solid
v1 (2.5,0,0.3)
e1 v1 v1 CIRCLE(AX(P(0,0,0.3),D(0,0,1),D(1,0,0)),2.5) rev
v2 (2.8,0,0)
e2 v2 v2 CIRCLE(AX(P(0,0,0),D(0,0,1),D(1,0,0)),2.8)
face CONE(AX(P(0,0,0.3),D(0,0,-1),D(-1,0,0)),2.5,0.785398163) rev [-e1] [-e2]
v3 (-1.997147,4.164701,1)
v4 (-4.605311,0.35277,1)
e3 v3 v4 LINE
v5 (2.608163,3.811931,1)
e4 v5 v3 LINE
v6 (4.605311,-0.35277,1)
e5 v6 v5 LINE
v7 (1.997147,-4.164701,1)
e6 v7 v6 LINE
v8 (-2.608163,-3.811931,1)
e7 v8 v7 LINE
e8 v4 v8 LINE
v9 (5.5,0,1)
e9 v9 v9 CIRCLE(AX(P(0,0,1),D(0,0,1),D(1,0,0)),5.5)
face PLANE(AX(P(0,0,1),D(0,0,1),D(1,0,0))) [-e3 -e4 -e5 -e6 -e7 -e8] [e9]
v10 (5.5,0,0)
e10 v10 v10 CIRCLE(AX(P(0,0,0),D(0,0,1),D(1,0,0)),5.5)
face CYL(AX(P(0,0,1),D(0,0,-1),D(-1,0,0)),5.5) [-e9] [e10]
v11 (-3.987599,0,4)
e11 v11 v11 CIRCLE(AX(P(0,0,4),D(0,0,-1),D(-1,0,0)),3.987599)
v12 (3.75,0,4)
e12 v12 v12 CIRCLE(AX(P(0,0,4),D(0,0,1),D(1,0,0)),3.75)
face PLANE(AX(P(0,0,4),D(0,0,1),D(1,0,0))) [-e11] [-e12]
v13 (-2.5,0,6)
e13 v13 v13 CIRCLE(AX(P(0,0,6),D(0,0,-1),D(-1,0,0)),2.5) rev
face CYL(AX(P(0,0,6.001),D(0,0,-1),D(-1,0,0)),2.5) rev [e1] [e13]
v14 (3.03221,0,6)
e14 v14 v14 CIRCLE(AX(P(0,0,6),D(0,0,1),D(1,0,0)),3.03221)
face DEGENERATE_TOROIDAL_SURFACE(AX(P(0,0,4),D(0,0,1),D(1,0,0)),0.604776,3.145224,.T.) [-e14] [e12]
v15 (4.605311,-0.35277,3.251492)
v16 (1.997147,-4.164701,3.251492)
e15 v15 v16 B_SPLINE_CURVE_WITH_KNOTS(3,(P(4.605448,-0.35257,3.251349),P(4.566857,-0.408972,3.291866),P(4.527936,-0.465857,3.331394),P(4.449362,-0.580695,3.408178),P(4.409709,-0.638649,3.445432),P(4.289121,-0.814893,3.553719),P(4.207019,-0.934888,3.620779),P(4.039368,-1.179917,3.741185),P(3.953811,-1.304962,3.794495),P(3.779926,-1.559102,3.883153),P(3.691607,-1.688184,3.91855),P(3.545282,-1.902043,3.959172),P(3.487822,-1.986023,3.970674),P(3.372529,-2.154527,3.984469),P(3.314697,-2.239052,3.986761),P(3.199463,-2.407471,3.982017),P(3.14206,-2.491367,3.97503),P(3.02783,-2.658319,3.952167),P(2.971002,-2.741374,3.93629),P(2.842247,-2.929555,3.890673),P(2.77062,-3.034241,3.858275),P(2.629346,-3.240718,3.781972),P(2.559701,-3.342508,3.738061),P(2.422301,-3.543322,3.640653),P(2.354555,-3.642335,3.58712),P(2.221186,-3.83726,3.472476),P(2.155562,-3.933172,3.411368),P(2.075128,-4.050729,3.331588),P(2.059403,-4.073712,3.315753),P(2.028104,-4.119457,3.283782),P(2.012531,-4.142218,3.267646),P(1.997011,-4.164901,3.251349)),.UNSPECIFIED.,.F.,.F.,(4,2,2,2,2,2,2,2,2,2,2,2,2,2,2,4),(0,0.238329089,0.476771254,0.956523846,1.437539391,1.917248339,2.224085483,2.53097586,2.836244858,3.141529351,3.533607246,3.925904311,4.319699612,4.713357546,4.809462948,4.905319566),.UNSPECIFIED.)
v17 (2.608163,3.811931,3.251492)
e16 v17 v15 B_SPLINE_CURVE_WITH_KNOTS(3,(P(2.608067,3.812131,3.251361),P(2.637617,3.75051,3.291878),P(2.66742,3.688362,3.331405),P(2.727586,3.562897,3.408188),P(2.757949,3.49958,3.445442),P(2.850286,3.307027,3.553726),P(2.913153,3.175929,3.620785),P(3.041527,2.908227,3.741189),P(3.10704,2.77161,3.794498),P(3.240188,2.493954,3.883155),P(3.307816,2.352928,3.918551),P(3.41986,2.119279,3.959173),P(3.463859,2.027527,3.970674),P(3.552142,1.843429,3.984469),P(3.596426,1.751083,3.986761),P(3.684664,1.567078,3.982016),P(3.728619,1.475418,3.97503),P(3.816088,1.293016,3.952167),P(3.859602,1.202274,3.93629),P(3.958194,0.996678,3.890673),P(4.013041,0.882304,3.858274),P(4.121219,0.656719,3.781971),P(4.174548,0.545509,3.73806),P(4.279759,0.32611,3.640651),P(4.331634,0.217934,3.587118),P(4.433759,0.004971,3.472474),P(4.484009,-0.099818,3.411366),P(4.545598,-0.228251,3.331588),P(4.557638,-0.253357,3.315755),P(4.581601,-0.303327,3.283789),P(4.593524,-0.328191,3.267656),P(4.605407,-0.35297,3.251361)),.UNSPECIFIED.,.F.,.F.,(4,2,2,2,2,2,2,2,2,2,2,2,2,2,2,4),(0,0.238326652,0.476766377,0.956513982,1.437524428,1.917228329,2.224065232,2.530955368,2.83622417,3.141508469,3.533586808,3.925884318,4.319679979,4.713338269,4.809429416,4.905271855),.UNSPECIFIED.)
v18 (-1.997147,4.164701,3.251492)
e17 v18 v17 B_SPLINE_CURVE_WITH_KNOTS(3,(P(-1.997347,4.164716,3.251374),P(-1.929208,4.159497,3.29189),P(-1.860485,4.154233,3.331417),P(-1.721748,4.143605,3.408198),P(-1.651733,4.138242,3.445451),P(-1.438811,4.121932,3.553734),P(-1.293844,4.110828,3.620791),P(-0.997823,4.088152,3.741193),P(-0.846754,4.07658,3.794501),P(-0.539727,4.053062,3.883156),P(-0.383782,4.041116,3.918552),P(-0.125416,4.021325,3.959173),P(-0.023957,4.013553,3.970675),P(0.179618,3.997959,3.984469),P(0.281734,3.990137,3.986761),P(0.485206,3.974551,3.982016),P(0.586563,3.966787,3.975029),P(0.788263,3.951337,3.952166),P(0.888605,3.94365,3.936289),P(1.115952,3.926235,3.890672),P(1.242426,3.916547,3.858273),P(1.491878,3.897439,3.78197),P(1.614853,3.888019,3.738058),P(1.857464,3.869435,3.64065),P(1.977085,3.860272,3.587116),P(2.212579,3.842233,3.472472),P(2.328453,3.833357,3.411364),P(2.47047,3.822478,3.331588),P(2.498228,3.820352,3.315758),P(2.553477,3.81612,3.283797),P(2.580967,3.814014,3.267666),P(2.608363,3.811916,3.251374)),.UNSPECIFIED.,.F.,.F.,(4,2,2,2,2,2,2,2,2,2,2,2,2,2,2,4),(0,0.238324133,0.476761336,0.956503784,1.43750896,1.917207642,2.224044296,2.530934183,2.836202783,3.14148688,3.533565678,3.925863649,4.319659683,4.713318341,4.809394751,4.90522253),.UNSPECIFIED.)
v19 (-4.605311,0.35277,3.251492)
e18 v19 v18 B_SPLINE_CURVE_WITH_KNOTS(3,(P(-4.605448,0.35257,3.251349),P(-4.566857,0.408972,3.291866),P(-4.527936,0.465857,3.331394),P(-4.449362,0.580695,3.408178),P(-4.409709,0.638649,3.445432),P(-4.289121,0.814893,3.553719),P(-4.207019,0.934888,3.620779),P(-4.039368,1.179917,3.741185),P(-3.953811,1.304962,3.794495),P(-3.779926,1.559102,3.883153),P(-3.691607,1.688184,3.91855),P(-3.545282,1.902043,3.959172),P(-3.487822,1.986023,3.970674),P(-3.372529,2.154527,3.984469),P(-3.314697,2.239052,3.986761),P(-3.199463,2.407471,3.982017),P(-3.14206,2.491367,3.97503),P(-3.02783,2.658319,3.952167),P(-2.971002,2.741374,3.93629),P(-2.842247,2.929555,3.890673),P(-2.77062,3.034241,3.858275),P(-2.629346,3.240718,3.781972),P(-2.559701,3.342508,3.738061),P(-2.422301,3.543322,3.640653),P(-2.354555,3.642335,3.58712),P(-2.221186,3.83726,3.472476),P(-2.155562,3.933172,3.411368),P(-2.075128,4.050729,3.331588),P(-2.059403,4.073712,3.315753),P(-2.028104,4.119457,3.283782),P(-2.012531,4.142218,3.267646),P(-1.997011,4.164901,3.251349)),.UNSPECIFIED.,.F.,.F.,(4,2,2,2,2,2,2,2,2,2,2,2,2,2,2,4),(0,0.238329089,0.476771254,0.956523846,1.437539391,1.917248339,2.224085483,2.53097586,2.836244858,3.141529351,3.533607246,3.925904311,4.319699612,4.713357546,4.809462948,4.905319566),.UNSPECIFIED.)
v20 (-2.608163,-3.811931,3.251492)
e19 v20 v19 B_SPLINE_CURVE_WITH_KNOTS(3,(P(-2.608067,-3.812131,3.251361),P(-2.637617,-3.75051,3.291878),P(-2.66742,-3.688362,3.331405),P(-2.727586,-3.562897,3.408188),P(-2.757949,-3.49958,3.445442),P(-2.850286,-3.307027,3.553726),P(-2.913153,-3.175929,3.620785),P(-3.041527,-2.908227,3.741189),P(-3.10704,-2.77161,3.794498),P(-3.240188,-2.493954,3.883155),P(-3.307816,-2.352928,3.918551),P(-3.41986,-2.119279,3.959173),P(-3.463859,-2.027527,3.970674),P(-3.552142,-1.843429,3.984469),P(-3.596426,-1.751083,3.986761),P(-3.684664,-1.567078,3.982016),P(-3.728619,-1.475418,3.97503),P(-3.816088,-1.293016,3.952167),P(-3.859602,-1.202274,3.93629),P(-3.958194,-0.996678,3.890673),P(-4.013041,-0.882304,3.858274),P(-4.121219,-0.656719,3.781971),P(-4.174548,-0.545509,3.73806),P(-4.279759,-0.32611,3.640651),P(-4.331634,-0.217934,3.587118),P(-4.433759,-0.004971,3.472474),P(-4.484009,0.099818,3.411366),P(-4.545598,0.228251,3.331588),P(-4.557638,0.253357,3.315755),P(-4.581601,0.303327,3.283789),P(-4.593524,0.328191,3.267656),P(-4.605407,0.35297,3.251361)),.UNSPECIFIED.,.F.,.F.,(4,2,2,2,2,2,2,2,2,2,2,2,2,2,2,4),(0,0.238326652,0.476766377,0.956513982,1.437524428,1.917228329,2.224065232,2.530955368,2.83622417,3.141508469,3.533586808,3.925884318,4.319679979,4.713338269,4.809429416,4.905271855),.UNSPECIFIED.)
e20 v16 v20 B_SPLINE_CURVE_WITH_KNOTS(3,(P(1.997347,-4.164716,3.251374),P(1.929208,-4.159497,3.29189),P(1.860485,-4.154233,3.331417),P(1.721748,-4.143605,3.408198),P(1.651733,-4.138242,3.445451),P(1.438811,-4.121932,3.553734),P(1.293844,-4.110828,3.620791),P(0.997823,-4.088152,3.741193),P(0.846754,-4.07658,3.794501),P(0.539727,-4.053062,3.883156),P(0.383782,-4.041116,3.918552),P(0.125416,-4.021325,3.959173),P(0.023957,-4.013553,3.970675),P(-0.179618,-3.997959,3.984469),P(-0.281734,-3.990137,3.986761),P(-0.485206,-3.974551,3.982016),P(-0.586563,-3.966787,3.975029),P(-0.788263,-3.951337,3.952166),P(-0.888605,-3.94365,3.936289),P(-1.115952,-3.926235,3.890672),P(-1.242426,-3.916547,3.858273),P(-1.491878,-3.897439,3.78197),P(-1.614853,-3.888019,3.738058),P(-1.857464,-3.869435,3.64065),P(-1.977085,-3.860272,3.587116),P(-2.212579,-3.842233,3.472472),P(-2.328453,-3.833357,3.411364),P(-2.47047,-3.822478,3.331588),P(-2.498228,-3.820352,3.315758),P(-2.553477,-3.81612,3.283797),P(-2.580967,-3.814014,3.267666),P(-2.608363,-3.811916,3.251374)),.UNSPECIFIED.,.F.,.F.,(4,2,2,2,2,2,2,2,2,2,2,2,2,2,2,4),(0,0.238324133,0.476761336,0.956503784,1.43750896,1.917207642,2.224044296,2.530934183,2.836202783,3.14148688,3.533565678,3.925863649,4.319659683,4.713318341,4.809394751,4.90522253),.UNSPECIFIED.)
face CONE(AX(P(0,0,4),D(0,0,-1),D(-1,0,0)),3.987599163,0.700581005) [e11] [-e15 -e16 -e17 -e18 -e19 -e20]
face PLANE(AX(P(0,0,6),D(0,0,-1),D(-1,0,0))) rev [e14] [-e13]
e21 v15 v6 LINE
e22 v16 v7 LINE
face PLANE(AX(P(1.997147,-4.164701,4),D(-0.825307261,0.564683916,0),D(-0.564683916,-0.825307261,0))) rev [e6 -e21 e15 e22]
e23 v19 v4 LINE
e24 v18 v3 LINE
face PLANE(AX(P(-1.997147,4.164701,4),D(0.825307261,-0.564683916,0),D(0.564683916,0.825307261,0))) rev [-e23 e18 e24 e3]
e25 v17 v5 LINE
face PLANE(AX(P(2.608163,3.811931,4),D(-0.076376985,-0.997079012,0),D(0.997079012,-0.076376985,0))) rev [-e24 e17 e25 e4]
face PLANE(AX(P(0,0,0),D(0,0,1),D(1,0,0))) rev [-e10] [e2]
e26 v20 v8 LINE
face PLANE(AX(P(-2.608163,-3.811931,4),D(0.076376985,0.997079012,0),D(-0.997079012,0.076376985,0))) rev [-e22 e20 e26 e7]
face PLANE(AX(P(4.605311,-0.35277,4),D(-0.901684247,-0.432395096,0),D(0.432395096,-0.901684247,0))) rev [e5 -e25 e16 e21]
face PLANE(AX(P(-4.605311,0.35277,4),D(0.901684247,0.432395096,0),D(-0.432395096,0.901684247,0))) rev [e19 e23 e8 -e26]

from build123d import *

# Parameters (mm, degrees)
SKETCH_1_R          = 5.5
EXTRUDE_1_DEPTH     = 1
EXTRUDE_2_DEPTH     = 3
CUT_EXTRUDE_2_REACH = 8
SKETCH_9_R          = 2.5
CHAMFER_1_SIZE      = 0.3


with BuildPart() as part:
    # Эскиз1 → Бобышка-Вытянуть1 (new body)
    with BuildSketch(Plane.XY):
        Circle(SKETCH_1_R)
    extrude(amount=EXTRUDE_1_DEPTH)

    # Эскиз3 → Бобышка-Вытянуть2 (add)
    with BuildSketch(Plane.XY.offset(1)):
        Polygon((2.608163285, 3.811930956), (-1.997147402, 4.16470114), (-4.605310688, 0.352770185), (-2.608163285, -3.811930956), (1.997147402, -4.16470114), (4.605310688, -0.352770185), align=None)
    extrude(amount=EXTRUDE_2_DEPTH)

    # Эскиз5 → Вырез-Повернуть3 (revolve, cut)
    with BuildSketch(Plane(origin=(0, 0, 0), x_dir=(-0.997079012, 0.076376985, 0), z_dir=(-0.076376985, -0.997079012, 0))):
        Polygon((-4.618802154, -3.251492454), (-4.618802154, -4), (-3.987599163, -4), align=None)
    revolve(axis=Axis((0, 0, 0), (0, 0, 1)), mode=Mode.SUBTRACT)

    # Эскиз6 → Повернуть1 (revolve)
    with BuildSketch(Plane(origin=(0, 0, 0), x_dir=(0, 0, -1), z_dir=(1, 0, 0))):
        with BuildLine():
            Line((-4, 0), (-4, 3.75))
            ThreePointArc((-4, 3.75), (-5.062452688, 3.565118621), (-6, 3.032209738))
            Line((-6, 3.032209738), (-6, 0))
            Line((-6, 0), (-4, 0))
        make_face()
    revolve(axis=Axis((0, 0, 0.929807333), (0, 0, -1)))

    # Эскиз9 → Вырез-Вытянуть2 (cut, up to next)
    with BuildSketch(Plane(origin=(0, 0, 0), x_dir=(-1, 0, 0), z_dir=(0, 0, -1)), mode=Mode.PRIVATE) as cut_extrude_2_sk1:
        Circle(SKETCH_9_R)
    cut_extrude_2_tool1 = extrude(cut_extrude_2_sk1.sketch, amount=-CUT_EXTRUDE_2_REACH, mode=Mode.PRIVATE) & part.part
    add(cut_extrude_2_tool1.solids().sort_by_distance((0, 0, 0))[0], mode=Mode.SUBTRACT)

    # Фаска1
    chamfer_1_edges = [part.edges().sort_by_distance(p)[0] for p in [
        (2.5, 0, 0),
    ]]
    chamfer(chamfer_1_edges, length=CHAMFER_1_SIZE)


solid = part.part
